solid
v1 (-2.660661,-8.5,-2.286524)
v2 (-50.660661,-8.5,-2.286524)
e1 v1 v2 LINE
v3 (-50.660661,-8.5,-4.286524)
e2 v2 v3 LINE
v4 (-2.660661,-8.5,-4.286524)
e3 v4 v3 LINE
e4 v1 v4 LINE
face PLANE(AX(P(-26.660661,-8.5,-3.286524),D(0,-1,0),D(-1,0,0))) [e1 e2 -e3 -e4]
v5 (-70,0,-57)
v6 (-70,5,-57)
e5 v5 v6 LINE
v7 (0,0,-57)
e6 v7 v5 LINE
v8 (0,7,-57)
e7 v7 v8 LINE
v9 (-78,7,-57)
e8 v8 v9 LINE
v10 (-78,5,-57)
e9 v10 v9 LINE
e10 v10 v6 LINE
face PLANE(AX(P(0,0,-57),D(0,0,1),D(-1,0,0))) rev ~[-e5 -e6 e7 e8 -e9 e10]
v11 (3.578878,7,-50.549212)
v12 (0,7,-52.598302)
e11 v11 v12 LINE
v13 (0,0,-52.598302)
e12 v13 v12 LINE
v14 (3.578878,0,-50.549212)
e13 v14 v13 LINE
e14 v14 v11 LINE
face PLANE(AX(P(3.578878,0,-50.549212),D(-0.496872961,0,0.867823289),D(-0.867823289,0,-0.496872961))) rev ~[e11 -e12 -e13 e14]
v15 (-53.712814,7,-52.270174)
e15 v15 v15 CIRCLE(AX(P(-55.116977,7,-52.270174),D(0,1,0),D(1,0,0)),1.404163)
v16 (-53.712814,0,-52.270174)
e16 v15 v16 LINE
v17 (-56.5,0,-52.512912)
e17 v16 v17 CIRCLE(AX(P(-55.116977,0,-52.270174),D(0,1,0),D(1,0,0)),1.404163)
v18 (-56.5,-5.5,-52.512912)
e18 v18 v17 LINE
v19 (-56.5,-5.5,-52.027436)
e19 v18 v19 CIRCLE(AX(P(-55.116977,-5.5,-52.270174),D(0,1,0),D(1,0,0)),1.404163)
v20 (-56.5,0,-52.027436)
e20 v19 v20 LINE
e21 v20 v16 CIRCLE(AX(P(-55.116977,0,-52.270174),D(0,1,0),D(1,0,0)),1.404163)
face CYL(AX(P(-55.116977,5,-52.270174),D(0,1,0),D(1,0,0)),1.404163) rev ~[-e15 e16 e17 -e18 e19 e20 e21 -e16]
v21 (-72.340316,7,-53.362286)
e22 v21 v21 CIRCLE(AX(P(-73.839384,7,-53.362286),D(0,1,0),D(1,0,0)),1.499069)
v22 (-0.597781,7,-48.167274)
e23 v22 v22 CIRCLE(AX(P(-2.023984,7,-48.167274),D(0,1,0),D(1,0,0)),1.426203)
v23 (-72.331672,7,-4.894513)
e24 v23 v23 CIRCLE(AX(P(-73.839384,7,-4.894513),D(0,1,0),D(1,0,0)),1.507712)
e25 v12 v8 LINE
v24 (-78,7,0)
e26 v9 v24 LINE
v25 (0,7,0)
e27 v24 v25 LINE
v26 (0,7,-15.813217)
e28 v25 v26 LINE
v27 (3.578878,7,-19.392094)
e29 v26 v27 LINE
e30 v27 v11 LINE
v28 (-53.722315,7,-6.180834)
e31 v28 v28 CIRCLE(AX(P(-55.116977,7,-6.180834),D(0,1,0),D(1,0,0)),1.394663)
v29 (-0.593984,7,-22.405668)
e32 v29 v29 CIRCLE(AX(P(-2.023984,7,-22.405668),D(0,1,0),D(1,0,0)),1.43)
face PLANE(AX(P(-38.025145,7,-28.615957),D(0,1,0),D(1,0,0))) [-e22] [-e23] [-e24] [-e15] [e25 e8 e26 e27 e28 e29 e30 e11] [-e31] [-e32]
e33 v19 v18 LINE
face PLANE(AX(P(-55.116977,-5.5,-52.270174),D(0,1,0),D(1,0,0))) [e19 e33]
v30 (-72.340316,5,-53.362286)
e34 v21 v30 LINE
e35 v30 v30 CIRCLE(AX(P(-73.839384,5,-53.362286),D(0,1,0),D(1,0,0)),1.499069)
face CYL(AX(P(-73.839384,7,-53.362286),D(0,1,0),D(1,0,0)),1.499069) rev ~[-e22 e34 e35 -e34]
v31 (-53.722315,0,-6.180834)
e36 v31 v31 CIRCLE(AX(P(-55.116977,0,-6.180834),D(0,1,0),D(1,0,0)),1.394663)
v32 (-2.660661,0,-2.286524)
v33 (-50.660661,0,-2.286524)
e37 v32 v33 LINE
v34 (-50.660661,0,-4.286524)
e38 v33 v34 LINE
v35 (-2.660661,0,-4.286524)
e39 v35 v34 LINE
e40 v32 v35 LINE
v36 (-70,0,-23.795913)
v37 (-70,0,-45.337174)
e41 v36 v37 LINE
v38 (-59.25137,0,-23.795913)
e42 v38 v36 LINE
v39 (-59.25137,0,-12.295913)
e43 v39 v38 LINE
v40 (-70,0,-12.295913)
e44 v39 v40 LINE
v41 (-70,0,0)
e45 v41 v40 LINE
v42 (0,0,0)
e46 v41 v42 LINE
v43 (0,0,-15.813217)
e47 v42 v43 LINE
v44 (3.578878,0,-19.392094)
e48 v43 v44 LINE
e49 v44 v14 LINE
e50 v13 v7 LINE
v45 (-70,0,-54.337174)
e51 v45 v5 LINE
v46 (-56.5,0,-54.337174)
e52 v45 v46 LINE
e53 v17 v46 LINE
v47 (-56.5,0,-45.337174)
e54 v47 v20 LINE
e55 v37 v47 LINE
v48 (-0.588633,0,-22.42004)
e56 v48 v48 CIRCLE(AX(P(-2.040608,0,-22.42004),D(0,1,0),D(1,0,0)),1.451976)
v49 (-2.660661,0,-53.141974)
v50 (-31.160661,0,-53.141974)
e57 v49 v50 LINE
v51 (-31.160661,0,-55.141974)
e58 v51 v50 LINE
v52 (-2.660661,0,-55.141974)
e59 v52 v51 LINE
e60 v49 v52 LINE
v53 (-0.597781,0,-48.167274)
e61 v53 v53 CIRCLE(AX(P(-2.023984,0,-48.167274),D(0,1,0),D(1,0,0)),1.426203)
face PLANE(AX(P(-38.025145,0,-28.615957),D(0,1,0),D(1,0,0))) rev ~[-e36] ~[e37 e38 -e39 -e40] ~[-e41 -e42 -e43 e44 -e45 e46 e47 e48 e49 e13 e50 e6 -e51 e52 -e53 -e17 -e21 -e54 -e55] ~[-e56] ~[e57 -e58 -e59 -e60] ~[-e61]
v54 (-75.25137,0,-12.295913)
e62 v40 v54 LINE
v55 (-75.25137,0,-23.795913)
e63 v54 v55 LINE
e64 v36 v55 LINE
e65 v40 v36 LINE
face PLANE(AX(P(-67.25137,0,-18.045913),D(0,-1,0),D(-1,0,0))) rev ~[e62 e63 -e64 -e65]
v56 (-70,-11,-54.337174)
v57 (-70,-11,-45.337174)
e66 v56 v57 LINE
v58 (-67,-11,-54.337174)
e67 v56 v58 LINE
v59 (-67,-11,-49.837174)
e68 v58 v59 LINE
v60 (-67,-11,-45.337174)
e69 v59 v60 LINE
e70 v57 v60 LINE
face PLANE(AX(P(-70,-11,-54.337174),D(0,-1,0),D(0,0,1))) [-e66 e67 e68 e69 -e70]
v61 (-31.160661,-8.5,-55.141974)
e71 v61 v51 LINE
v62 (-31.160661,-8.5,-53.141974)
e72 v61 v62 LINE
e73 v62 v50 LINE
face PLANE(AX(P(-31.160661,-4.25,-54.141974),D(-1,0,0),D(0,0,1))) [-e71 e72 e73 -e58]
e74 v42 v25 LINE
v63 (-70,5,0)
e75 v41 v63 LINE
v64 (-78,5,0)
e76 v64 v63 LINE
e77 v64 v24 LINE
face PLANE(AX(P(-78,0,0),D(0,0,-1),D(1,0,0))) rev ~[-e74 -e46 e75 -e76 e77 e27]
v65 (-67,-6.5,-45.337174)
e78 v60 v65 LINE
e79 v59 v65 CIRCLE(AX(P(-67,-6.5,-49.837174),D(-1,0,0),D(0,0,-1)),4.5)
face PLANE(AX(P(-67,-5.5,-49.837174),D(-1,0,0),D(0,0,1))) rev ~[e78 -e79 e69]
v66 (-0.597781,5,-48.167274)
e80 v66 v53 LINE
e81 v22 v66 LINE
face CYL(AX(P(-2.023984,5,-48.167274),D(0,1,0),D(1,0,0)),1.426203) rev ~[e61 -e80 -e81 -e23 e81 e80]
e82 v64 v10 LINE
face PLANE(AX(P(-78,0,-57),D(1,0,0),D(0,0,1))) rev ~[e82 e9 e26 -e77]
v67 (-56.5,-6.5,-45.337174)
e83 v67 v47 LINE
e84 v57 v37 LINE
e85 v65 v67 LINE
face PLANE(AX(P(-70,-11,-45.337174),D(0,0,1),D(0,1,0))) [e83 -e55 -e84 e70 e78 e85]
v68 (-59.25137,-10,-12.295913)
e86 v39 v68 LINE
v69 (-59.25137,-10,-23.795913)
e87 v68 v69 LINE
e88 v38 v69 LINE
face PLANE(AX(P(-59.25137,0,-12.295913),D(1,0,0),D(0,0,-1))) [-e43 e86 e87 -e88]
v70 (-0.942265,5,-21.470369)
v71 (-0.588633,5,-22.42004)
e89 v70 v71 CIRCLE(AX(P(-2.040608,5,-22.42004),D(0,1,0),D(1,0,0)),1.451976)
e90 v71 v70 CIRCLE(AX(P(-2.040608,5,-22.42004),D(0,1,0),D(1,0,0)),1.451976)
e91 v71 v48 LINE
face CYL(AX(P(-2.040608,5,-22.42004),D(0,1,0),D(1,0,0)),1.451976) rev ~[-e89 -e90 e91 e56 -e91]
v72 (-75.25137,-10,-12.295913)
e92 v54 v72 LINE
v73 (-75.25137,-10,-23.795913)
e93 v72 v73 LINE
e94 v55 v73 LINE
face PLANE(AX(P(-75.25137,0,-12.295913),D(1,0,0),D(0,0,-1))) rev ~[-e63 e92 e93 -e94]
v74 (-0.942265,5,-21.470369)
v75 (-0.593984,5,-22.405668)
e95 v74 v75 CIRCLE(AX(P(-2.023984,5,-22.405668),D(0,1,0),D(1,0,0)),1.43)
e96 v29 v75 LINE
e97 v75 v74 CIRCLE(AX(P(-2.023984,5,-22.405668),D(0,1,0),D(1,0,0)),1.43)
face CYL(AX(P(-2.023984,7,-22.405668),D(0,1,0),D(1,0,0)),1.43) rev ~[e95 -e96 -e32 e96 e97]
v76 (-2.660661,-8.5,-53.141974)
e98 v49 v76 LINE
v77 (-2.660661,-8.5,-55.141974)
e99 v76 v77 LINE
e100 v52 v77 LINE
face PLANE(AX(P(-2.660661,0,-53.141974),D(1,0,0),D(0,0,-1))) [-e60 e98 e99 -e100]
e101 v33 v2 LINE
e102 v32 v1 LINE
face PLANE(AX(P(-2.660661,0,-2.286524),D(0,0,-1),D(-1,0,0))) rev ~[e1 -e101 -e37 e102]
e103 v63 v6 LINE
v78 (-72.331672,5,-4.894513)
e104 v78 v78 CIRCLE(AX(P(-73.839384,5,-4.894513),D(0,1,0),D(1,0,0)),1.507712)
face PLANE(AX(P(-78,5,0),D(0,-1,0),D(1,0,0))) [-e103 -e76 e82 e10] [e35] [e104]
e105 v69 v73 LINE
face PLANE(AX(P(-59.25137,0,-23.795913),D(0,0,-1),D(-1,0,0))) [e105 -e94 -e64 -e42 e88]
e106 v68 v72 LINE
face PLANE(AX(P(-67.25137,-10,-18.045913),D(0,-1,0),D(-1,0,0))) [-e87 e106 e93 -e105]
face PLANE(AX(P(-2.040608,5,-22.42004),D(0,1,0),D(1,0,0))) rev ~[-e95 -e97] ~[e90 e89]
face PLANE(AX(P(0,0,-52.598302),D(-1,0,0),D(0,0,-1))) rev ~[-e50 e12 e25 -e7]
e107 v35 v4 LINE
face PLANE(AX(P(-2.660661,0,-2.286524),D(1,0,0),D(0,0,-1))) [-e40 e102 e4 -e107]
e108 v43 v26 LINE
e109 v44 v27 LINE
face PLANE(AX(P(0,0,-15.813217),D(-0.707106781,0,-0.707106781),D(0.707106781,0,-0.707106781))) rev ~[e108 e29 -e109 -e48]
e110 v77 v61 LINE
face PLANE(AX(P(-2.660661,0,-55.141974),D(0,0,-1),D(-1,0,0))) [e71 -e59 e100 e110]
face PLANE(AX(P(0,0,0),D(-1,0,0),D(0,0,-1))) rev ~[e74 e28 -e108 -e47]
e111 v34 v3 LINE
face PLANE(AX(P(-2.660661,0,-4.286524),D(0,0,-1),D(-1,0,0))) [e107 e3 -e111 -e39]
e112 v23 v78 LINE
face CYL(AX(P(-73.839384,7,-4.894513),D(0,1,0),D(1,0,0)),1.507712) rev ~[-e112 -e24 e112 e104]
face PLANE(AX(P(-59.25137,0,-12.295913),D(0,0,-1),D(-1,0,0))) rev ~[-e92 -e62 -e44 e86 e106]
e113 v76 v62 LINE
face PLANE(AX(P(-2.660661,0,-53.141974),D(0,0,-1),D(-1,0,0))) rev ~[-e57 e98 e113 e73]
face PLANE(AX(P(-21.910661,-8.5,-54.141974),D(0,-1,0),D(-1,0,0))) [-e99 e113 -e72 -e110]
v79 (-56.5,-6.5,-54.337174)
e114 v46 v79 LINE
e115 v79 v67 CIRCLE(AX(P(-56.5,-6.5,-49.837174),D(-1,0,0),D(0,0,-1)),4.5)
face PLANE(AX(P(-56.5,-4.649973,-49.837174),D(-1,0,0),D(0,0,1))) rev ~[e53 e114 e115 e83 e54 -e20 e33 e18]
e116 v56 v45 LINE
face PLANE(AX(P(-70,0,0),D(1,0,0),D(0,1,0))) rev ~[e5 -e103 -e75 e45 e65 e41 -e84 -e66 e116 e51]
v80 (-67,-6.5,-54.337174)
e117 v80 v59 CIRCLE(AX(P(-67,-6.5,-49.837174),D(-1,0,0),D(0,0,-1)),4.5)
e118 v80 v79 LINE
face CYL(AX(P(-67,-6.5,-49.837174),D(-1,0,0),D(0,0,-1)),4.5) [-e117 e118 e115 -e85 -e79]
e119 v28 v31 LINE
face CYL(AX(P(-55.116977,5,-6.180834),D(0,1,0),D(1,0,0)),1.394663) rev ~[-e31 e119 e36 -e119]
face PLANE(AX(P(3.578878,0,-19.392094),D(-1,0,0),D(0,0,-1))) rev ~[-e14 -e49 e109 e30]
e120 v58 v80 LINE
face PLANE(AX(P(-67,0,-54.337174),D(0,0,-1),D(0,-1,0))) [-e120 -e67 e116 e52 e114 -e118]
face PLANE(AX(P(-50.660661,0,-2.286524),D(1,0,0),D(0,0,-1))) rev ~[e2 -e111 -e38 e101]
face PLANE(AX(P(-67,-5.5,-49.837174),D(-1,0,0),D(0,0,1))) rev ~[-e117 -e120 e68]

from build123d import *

# Parameters (mm, degrees)
EXTRUDE_1_DEPTH     = 7
SKETCH_2_R          = 1.499068593
SKETCH_2_R_2        = 1.507712359
CUT_EXTRUDE_1_DEPTH = 2
SKETCH_3_R          = 1.404162934
SKETCH_3_R_2        = 1.394662516
SKETCH_3_R_3        = 1.426202715
SKETCH_3_R_4        = 1.43
CUT_EXTRUDE_2_DEPTH = 2
SKETCH_5_W          = 8
SKETCH_5_H          = 5
CUT_EXTRUDE_3_DEPTH = 135
SKETCH_6_W          = 48
SKETCH_6_H          = 2
SKETCH_6_W_2        = 38.5
EXTRUDE_2_DEPTH     = 8.5
SKETCH_7_W          = 16
SKETCH_7_H          = 11.5
EXTRUDE_3_DEPTH     = 10
SKETCH_9_W          = 2
SKETCH_9_H          = 8.5
CUT_EXTRUDE_4_DEPTH = 10
SKETCH_10_W         = 9
SKETCH_10_H         = 11
EXTRUDE_4_DEPTH     = 3
EXTRUDE_5_DEPTH     = 10.5
SKETCH_12_R         = 1.404162934
SKETCH_12_R_2       = 1.394662516
SKETCH_12_R_3       = 1.451975752
SKETCH_12_R_4       = 1.426202713
CUT_EXTRUDE_5_DEPTH = 10.5


with BuildPart() as part:
    # 草图1 → 凸台-拉伸1 (new body)
    with BuildSketch(Plane(origin=(0, 0, 0), x_dir=(1, 0, 0), z_dir=(0, 1, 0))):
        Polygon((0, 15.813216669), (3.578877576, 19.392094245), (3.578877576, 50.54921212), (0, 52.598301515), (0, 57), (-78, 57), (-78, 0), (0, 0), align=None)
    extrude(amount=EXTRUDE_1_DEPTH)

    # 草图2 → 切除-拉伸1 (cut)
    with BuildSketch(Plane(origin=(0, 7, 0), x_dir=(1, 0, 0), z_dir=(0, 1, 0))):
        with Locations((-73.839384245, 53.362286428)):
            Circle(SKETCH_2_R)
        with Locations((-73.839384245, 4.894512841)):
            Circle(SKETCH_2_R_2)
    extrude(amount=-CUT_EXTRUDE_1_DEPTH, mode=Mode.SUBTRACT)

    # 草图3 → 切除-拉伸2 (cut)
    with BuildSketch(Plane(origin=(0, 7, 0), x_dir=(1, 0, 0), z_dir=(0, 1, 0))):
        with Locations((-55.116977268, 52.270174236)):
            Circle(SKETCH_3_R)
        with Locations((-55.116977268, 6.180833795)):
            Circle(SKETCH_3_R_2)
        with Locations((-2.023984121, 48.167273678)):
            Circle(SKETCH_3_R_3)
        with Locations((-2.023984121, 22.405667973)):
            Circle(SKETCH_3_R_4)
    extrude(amount=-CUT_EXTRUDE_2_DEPTH, mode=Mode.SUBTRACT)

    # 草图5 → 切除-拉伸3 (cut)
    with BuildSketch(Plane.XY):
        with Locations((-74, 2.5)):
            Rectangle(SKETCH_5_W, SKETCH_5_H)
    extrude(amount=-CUT_EXTRUDE_3_DEPTH, mode=Mode.SUBTRACT)

    # 草图6 → 凸台-拉伸2 (add)
    with BuildSketch(Plane(origin=(0, 0, 0), x_dir=(-1, 0, 0), z_dir=(0, -1, 0))):
        with Locations((26.66066087, 3.286523813)):
            Rectangle(SKETCH_6_W, SKETCH_6_H)
        with Locations((21.91066087, 54.141974349)):
            Rectangle(SKETCH_6_W_2, SKETCH_6_H)
    extrude(amount=EXTRUDE_2_DEPTH)

    # 草图7 → 凸台-拉伸3 (add)
    with BuildSketch(Plane(origin=(0, 0, 0), x_dir=(-1, 0, 0), z_dir=(0, -1, 0))):
        with Locations((67.251369974, 18.045913209)):
            Rectangle(SKETCH_7_W, SKETCH_7_H)
    extrude(amount=EXTRUDE_3_DEPTH)

    # 草图9 → 切除-拉伸4 (cut)
    with BuildSketch(Plane.ZY.offset(41.16066087)):
        with Locations((-54.141974349, -4.25)):
            Rectangle(SKETCH_9_W, SKETCH_9_H)
    extrude(amount=-CUT_EXTRUDE_4_DEPTH, mode=Mode.SUBTRACT)



with BuildPart() as body_2:
    # 草图10 → 凸台-拉伸4 (new body)
    with BuildSketch(Plane.ZY.offset(70)):
        with Locations((-49.837173762, -5.5)):
            Rectangle(SKETCH_10_W, SKETCH_10_H)
    extrude(amount=-EXTRUDE_4_DEPTH)


with BuildPart() as part_1:
    add(part.part)

    add(body_2.part)  # 凸台-拉伸5 merges body 2
    # 草图11 → 凸台-拉伸5 (add)
    with BuildSketch(Plane(origin=(-67, 0, 0), x_dir=(0, 0, -1), z_dir=(1, 0, 0))):
        with BuildLine():
            Line((45.337173762, 0), (54.337173762, 0))
            Line((54.337173762, 0), (54.337173762, -6.5))
            ThreePointArc((54.337173762, -6.5), (49.837173762, -11), (45.337173762, -6.5))
            Line((45.337173762, -6.5), (45.337173762, 0))
        make_face()
    extrude(amount=EXTRUDE_5_DEPTH)

    # 草图12 → 切除-拉伸5 (cut)
    with BuildSketch(Plane(origin=(0, 5, 0), x_dir=(1, 0, 0), z_dir=(0, 1, 0))):
        with Locations((-55.116977268, 52.270174236)):
            Circle(SKETCH_12_R)
        with Locations((-55.116977268, 6.180833795)):
            Circle(SKETCH_12_R_2)
        with Locations((-2.040608488, 22.420040311)):
            Circle(SKETCH_12_R_3)
        with Locations((-2.023984121, 48.167273678)):
            Circle(SKETCH_12_R_4)
    extrude(amount=-CUT_EXTRUDE_5_DEPTH, mode=Mode.SUBTRACT)


solid = part_1.part
